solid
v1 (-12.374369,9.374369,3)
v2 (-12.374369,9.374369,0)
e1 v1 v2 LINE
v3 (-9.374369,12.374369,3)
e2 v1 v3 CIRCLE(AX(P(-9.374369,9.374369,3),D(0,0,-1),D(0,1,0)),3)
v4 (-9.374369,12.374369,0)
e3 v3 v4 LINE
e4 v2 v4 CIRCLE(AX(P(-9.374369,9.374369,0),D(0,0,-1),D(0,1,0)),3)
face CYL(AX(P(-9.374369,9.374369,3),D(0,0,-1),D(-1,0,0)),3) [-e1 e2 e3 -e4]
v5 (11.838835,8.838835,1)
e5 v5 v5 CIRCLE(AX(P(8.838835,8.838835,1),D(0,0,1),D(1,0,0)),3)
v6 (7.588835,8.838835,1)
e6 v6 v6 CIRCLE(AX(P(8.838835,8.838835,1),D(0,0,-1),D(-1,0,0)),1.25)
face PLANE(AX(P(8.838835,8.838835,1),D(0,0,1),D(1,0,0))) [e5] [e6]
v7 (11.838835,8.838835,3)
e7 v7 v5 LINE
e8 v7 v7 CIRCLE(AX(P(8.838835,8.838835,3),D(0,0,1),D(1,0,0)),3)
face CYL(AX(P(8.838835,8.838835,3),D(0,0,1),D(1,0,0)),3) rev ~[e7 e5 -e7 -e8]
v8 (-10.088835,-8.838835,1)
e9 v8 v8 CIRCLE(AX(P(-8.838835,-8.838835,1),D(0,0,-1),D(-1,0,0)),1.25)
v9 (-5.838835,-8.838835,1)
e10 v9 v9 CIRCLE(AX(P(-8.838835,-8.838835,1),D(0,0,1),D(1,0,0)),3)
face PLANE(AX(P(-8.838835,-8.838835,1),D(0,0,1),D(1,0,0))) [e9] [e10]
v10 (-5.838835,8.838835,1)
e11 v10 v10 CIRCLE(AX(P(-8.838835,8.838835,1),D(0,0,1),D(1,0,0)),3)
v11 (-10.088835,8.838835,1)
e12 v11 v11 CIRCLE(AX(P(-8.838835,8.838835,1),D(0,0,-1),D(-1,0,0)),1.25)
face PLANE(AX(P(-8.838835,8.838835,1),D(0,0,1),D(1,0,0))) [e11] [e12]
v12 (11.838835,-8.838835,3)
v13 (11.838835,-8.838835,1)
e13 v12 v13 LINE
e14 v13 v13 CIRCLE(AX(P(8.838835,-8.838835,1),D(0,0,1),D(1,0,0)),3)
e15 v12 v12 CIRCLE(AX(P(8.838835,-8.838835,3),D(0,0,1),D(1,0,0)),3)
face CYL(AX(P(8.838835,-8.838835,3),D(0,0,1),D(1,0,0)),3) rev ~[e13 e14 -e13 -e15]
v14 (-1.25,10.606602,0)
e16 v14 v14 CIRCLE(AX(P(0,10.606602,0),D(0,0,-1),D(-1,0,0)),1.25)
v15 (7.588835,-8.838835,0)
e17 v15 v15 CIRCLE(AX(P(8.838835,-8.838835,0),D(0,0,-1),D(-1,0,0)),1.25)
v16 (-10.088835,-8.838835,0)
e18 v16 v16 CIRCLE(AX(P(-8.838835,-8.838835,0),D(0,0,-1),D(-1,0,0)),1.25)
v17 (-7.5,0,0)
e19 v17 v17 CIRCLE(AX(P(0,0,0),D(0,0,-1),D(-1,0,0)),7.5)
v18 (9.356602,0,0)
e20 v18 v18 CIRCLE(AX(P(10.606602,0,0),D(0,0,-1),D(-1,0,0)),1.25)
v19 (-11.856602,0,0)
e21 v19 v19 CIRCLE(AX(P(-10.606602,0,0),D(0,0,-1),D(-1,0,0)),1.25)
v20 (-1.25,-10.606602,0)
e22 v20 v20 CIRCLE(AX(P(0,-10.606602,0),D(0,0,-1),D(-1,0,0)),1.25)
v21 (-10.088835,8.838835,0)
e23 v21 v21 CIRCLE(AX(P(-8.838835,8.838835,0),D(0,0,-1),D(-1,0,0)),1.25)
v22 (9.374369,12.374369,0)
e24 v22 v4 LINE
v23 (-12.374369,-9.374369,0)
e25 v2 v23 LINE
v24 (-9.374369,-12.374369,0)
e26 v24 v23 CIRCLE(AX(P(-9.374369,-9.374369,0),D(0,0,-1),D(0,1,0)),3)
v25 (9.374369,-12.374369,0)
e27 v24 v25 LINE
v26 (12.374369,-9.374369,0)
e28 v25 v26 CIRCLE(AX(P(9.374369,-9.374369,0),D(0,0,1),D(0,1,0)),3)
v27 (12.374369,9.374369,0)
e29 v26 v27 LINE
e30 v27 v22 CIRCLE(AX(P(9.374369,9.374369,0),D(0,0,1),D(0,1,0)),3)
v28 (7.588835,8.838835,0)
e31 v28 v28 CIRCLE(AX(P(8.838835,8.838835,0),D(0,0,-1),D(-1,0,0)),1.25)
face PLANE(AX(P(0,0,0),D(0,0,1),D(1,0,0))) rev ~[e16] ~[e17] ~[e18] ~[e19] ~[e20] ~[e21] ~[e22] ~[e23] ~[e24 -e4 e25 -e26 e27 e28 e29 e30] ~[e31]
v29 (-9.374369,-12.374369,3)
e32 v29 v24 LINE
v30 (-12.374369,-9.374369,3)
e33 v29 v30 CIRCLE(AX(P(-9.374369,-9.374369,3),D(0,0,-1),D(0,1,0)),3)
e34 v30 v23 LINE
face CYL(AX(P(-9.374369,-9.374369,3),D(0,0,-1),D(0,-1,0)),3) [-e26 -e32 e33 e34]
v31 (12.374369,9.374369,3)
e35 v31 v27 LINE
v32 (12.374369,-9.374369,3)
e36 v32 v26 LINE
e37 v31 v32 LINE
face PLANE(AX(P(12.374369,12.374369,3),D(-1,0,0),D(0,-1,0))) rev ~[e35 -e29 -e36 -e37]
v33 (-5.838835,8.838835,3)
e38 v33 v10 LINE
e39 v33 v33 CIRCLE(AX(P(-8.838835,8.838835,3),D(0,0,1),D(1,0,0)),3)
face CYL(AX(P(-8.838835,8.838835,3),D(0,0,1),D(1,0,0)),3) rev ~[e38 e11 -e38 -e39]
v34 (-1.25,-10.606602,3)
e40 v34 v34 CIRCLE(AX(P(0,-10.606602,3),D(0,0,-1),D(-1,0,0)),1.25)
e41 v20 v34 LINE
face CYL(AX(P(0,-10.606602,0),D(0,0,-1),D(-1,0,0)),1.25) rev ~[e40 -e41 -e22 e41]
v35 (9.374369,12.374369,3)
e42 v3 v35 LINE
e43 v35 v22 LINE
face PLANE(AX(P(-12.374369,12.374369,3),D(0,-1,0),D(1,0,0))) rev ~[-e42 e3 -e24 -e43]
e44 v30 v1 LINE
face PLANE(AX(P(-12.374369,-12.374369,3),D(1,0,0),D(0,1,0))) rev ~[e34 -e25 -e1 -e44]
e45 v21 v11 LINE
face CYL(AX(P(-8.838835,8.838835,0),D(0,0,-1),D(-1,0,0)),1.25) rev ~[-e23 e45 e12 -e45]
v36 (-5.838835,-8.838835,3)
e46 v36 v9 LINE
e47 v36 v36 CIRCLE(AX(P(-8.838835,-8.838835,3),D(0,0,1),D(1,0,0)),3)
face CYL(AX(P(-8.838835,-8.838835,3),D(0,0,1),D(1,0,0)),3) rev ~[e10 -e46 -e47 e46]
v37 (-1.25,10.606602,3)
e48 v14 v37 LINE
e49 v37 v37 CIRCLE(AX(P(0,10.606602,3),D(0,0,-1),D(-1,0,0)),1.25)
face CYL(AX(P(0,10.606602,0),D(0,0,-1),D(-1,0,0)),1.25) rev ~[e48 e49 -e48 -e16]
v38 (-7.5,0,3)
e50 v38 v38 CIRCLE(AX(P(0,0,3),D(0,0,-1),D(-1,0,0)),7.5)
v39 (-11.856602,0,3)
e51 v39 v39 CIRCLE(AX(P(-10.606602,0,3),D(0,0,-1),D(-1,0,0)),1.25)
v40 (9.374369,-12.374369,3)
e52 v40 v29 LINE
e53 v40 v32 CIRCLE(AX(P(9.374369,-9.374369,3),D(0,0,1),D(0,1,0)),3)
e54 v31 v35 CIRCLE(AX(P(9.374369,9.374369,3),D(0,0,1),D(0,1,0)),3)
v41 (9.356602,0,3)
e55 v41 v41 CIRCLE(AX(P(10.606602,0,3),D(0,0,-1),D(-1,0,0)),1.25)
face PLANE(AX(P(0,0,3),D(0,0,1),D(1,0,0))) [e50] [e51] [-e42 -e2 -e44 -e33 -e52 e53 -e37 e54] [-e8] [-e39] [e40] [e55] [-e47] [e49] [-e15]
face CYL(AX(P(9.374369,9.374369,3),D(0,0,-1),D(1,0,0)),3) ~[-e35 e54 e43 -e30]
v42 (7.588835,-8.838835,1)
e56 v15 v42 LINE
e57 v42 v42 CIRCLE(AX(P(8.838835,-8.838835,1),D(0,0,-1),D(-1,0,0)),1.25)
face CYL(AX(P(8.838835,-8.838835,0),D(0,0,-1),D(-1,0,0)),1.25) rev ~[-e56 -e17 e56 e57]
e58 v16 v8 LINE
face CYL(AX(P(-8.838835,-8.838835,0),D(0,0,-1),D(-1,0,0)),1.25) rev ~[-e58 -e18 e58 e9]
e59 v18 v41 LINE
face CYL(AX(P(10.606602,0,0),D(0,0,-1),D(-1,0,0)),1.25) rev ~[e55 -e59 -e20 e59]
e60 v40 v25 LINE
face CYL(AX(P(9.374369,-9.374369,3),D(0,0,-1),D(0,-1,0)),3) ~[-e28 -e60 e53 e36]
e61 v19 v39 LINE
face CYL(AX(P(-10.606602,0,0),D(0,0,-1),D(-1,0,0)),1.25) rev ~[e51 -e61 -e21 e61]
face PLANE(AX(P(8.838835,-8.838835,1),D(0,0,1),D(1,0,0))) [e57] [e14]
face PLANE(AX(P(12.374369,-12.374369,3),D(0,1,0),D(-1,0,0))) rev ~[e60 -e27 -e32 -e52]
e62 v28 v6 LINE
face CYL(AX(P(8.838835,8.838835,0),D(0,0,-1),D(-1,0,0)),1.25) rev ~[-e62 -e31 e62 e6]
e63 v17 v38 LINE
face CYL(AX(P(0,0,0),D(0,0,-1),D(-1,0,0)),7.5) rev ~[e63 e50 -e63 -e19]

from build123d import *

# Parameters (mm, degrees)
SKETCH_1_R          = 17.5
EXTRUDE_1_DEPTH     = 3
CUT_EXTRUDE_1_REACH = 26.93
SKETCH_2_R          = 1.25
CUT_EXTRUDE_2_REACH = 26.93
SKETCH_3_R          = 1.25
CUT_EXTRUDE_3_REACH = 26.93
SKETCH_4_R          = 7.5
CUT_EXTRUDE_4_REACH = 26.93
FILLET_1_R          = 3
SKETCH_8_R          = 3
CUT_EXTRUDE_5_DEPTH = 2


with BuildPart() as part:
    # 草图1 → 凸台-拉伸1 (new body)
    with BuildSketch(Plane.XY):
        Circle(SKETCH_1_R)
    extrude(amount=EXTRUDE_1_DEPTH)

    # 草图2 → 切除-拉伸1 (cut, up to next)
    with BuildSketch(Plane(origin=(0, 0, 0), x_dir=(-1, 0, 0), z_dir=(0, 0, -1)), mode=Mode.PRIVATE) as cut_extrude_1_sk1:
        with Locations((-8.838834765, 8.838834765)):
            Circle(SKETCH_2_R)
    cut_extrude_1_tool1 = extrude(cut_extrude_1_sk1.sketch, amount=-CUT_EXTRUDE_1_REACH, mode=Mode.PRIVATE) & part.part
    # 草图2 → 切除-拉伸1 (cut, up to next)
    with BuildSketch(Plane(origin=(0, 0, 0), x_dir=(-1, 0, 0), z_dir=(0, 0, -1)), mode=Mode.PRIVATE) as cut_extrude_1_sk2:
        with Locations((8.838834765, 8.838834765)):
            Circle(SKETCH_2_R)
    cut_extrude_1_tool2 = extrude(cut_extrude_1_sk2.sketch, amount=-CUT_EXTRUDE_1_REACH, mode=Mode.PRIVATE) & part.part
    # 草图2 → 切除-拉伸1 (cut, up to next)
    with BuildSketch(Plane(origin=(0, 0, 0), x_dir=(-1, 0, 0), z_dir=(0, 0, -1)), mode=Mode.PRIVATE) as cut_extrude_1_sk3:
        with Locations((8.838834765, -8.838834765)):
            Circle(SKETCH_2_R)
    cut_extrude_1_tool3 = extrude(cut_extrude_1_sk3.sketch, amount=-CUT_EXTRUDE_1_REACH, mode=Mode.PRIVATE) & part.part
    # 草图2 → 切除-拉伸1 (cut, up to next)
    with BuildSketch(Plane(origin=(0, 0, 0), x_dir=(-1, 0, 0), z_dir=(0, 0, -1)), mode=Mode.PRIVATE) as cut_extrude_1_sk4:
        with Locations((-8.838834765, -8.838834765)):
            Circle(SKETCH_2_R)
    cut_extrude_1_tool4 = extrude(cut_extrude_1_sk4.sketch, amount=-CUT_EXTRUDE_1_REACH, mode=Mode.PRIVATE) & part.part
    add(cut_extrude_1_tool1.solids().sort_by_distance((8.838835, 8.838835, 0))[0], mode=Mode.SUBTRACT)
    add(cut_extrude_1_tool2.solids().sort_by_distance((-8.838835, 8.838835, 0))[0], mode=Mode.SUBTRACT)
    add(cut_extrude_1_tool3.solids().sort_by_distance((-8.838835, -8.838835, 0))[0], mode=Mode.SUBTRACT)
    add(cut_extrude_1_tool4.solids().sort_by_distance((8.838835, -8.838835, 0))[0], mode=Mode.SUBTRACT)

    # 草图3 → 切除-拉伸2 (cut, up to next)
    with BuildSketch(Plane(origin=(0, 0, 0), x_dir=(-1, 0, 0), z_dir=(0, 0, -1)), mode=Mode.PRIVATE) as cut_extrude_2_sk1:
        with Locations((0, 10.606601718)):
            Circle(SKETCH_3_R)
    cut_extrude_2_tool1 = extrude(cut_extrude_2_sk1.sketch, amount=-CUT_EXTRUDE_2_REACH, mode=Mode.PRIVATE) & part.part
    # 草图3 → 切除-拉伸2 (cut, up to next)
    with BuildSketch(Plane(origin=(0, 0, 0), x_dir=(-1, 0, 0), z_dir=(0, 0, -1)), mode=Mode.PRIVATE) as cut_extrude_2_sk2:
        with Locations((-10.606601718, 0)):
            Circle(SKETCH_3_R)
    cut_extrude_2_tool2 = extrude(cut_extrude_2_sk2.sketch, amount=-CUT_EXTRUDE_2_REACH, mode=Mode.PRIVATE) & part.part
    # 草图3 → 切除-拉伸2 (cut, up to next)
    with BuildSketch(Plane(origin=(0, 0, 0), x_dir=(-1, 0, 0), z_dir=(0, 0, -1)), mode=Mode.PRIVATE) as cut_extrude_2_sk3:
        with Locations((0, -10.606601718)):
            Circle(SKETCH_3_R)
    cut_extrude_2_tool3 = extrude(cut_extrude_2_sk3.sketch, amount=-CUT_EXTRUDE_2_REACH, mode=Mode.PRIVATE) & part.part
    # 草图3 → 切除-拉伸2 (cut, up to next)
    with BuildSketch(Plane(origin=(0, 0, 0), x_dir=(-1, 0, 0), z_dir=(0, 0, -1)), mode=Mode.PRIVATE) as cut_extrude_2_sk4:
        with Locations((10.606601718, 0)):
            Circle(SKETCH_3_R)
    cut_extrude_2_tool4 = extrude(cut_extrude_2_sk4.sketch, amount=-CUT_EXTRUDE_2_REACH, mode=Mode.PRIVATE) & part.part
    add(cut_extrude_2_tool1.solids().sort_by_distance((0, 10.606602, 0))[0], mode=Mode.SUBTRACT)
    add(cut_extrude_2_tool2.solids().sort_by_distance((10.606602, 0, 0))[0], mode=Mode.SUBTRACT)
    add(cut_extrude_2_tool3.solids().sort_by_distance((0, -10.606602, 0))[0], mode=Mode.SUBTRACT)
    add(cut_extrude_2_tool4.solids().sort_by_distance((-10.606602, 0, 0))[0], mode=Mode.SUBTRACT)

    # 草图4 → 切除-拉伸3 (cut, up to next)
    with BuildSketch(Plane(origin=(0, 0, 0), x_dir=(-1, 0, 0), z_dir=(0, 0, -1)), mode=Mode.PRIVATE) as cut_extrude_3_sk1:
        Circle(SKETCH_4_R)
    cut_extrude_3_tool1 = extrude(cut_extrude_3_sk1.sketch, amount=-CUT_EXTRUDE_3_REACH, mode=Mode.PRIVATE) & part.part
    add(cut_extrude_3_tool1.solids().sort_by_distance((0, 0, 0))[0], mode=Mode.SUBTRACT)

    # 草图7 → 切除-拉伸4 (cut, up to next)
    with BuildSketch(Plane.XY.offset(3), mode=Mode.PRIVATE) as cut_extrude_4_sk1:
        with BuildLine():
            Line((-12.374368671, 12.374368671), (12.374368671, 12.374368671))
            ThreePointArc((12.374368671, 12.374368671), (0, 17.5), (-12.374368671, 12.374368671))
        make_face()
    cut_extrude_4_tool1 = extrude(cut_extrude_4_sk1.sketch, amount=-CUT_EXTRUDE_4_REACH, mode=Mode.PRIVATE) & part.part
    # 草图7 → 切除-拉伸4 (cut, up to next)
    with BuildSketch(Plane.XY.offset(3), mode=Mode.PRIVATE) as cut_extrude_4_sk2:
        with BuildLine():
            Line((12.374368671, 12.374368671), (12.374368671, -12.374368671))
            ThreePointArc((12.374368671, -12.374368671), (16.167891819, -6.696960066), (17.5, 0))
            ThreePointArc((17.5, 0), (16.167891819, 6.696960066), (12.374368671, 12.374368671))
        make_face()
    cut_extrude_4_tool2 = extrude(cut_extrude_4_sk2.sketch, amount=-CUT_EXTRUDE_4_REACH, mode=Mode.PRIVATE) & part.part
    # 草图7 → 切除-拉伸4 (cut, up to next)
    with BuildSketch(Plane.XY.offset(3), mode=Mode.PRIVATE) as cut_extrude_4_sk3:
        with BuildLine():
            ThreePointArc((-12.374368671, -12.374368671), (0, -17.5), (12.374368671, -12.374368671))
            Line((12.374368671, -12.374368671), (-12.374368671, -12.374368671))
        make_face()
    cut_extrude_4_tool3 = extrude(cut_extrude_4_sk3.sketch, amount=-CUT_EXTRUDE_4_REACH, mode=Mode.PRIVATE) & part.part
    # 草图7 → 切除-拉伸4 (cut, up to next)
    with BuildSketch(Plane.XY.offset(3), mode=Mode.PRIVATE) as cut_extrude_4_sk4:
        with BuildLine():
            ThreePointArc((-12.374368671, 12.374368671), (-17.5, 0), (-12.374368671, -12.374368671))
            Line((-12.374368671, -12.374368671), (-12.374368671, 12.374368671))
        make_face()
    cut_extrude_4_tool4 = extrude(cut_extrude_4_sk4.sketch, amount=-CUT_EXTRUDE_4_REACH, mode=Mode.PRIVATE) & part.part
    add(cut_extrude_4_tool1.solids().sort_by_distance((0, 14.452754, 3))[0], mode=Mode.SUBTRACT)
    add(cut_extrude_4_tool2.solids().sort_by_distance((14.452754, 0, 3))[0], mode=Mode.SUBTRACT)
    add(cut_extrude_4_tool3.solids().sort_by_distance((0, -14.452754, 3))[0], mode=Mode.SUBTRACT)
    add(cut_extrude_4_tool4.solids().sort_by_distance((-14.452754, 0, 3))[0], mode=Mode.SUBTRACT)

    # 圆角1
    fillet_1_edges = [part.edges().sort_by_distance(p)[0] for p in [
        (12.374368671, 12.374368671, 1.5),
        (-12.374368671, 12.374368671, 1.5),
        (-12.374368671, -12.374368671, 1.5),
        (12.374368671, -12.374368671, 1.5),
    ]]
    fillet(fillet_1_edges, radius=FILLET_1_R)

    # 草图8 → 切除-拉伸5 (cut)
    with BuildSketch(Plane.XY.offset(3)):
        with Locations((-8.838834765, 8.838834765)):
            Circle(SKETCH_8_R)
        with Locations((8.838834765, 8.838834765)):
            Circle(SKETCH_8_R)
        with Locations((8.838834765, -8.838834765)):
            Circle(SKETCH_8_R)
        with Locations((-8.838834765, -8.838834765)):
            Circle(SKETCH_8_R)
    extrude(amount=-CUT_EXTRUDE_5_DEPTH, mode=Mode.SUBTRACT)


solid = part.part
